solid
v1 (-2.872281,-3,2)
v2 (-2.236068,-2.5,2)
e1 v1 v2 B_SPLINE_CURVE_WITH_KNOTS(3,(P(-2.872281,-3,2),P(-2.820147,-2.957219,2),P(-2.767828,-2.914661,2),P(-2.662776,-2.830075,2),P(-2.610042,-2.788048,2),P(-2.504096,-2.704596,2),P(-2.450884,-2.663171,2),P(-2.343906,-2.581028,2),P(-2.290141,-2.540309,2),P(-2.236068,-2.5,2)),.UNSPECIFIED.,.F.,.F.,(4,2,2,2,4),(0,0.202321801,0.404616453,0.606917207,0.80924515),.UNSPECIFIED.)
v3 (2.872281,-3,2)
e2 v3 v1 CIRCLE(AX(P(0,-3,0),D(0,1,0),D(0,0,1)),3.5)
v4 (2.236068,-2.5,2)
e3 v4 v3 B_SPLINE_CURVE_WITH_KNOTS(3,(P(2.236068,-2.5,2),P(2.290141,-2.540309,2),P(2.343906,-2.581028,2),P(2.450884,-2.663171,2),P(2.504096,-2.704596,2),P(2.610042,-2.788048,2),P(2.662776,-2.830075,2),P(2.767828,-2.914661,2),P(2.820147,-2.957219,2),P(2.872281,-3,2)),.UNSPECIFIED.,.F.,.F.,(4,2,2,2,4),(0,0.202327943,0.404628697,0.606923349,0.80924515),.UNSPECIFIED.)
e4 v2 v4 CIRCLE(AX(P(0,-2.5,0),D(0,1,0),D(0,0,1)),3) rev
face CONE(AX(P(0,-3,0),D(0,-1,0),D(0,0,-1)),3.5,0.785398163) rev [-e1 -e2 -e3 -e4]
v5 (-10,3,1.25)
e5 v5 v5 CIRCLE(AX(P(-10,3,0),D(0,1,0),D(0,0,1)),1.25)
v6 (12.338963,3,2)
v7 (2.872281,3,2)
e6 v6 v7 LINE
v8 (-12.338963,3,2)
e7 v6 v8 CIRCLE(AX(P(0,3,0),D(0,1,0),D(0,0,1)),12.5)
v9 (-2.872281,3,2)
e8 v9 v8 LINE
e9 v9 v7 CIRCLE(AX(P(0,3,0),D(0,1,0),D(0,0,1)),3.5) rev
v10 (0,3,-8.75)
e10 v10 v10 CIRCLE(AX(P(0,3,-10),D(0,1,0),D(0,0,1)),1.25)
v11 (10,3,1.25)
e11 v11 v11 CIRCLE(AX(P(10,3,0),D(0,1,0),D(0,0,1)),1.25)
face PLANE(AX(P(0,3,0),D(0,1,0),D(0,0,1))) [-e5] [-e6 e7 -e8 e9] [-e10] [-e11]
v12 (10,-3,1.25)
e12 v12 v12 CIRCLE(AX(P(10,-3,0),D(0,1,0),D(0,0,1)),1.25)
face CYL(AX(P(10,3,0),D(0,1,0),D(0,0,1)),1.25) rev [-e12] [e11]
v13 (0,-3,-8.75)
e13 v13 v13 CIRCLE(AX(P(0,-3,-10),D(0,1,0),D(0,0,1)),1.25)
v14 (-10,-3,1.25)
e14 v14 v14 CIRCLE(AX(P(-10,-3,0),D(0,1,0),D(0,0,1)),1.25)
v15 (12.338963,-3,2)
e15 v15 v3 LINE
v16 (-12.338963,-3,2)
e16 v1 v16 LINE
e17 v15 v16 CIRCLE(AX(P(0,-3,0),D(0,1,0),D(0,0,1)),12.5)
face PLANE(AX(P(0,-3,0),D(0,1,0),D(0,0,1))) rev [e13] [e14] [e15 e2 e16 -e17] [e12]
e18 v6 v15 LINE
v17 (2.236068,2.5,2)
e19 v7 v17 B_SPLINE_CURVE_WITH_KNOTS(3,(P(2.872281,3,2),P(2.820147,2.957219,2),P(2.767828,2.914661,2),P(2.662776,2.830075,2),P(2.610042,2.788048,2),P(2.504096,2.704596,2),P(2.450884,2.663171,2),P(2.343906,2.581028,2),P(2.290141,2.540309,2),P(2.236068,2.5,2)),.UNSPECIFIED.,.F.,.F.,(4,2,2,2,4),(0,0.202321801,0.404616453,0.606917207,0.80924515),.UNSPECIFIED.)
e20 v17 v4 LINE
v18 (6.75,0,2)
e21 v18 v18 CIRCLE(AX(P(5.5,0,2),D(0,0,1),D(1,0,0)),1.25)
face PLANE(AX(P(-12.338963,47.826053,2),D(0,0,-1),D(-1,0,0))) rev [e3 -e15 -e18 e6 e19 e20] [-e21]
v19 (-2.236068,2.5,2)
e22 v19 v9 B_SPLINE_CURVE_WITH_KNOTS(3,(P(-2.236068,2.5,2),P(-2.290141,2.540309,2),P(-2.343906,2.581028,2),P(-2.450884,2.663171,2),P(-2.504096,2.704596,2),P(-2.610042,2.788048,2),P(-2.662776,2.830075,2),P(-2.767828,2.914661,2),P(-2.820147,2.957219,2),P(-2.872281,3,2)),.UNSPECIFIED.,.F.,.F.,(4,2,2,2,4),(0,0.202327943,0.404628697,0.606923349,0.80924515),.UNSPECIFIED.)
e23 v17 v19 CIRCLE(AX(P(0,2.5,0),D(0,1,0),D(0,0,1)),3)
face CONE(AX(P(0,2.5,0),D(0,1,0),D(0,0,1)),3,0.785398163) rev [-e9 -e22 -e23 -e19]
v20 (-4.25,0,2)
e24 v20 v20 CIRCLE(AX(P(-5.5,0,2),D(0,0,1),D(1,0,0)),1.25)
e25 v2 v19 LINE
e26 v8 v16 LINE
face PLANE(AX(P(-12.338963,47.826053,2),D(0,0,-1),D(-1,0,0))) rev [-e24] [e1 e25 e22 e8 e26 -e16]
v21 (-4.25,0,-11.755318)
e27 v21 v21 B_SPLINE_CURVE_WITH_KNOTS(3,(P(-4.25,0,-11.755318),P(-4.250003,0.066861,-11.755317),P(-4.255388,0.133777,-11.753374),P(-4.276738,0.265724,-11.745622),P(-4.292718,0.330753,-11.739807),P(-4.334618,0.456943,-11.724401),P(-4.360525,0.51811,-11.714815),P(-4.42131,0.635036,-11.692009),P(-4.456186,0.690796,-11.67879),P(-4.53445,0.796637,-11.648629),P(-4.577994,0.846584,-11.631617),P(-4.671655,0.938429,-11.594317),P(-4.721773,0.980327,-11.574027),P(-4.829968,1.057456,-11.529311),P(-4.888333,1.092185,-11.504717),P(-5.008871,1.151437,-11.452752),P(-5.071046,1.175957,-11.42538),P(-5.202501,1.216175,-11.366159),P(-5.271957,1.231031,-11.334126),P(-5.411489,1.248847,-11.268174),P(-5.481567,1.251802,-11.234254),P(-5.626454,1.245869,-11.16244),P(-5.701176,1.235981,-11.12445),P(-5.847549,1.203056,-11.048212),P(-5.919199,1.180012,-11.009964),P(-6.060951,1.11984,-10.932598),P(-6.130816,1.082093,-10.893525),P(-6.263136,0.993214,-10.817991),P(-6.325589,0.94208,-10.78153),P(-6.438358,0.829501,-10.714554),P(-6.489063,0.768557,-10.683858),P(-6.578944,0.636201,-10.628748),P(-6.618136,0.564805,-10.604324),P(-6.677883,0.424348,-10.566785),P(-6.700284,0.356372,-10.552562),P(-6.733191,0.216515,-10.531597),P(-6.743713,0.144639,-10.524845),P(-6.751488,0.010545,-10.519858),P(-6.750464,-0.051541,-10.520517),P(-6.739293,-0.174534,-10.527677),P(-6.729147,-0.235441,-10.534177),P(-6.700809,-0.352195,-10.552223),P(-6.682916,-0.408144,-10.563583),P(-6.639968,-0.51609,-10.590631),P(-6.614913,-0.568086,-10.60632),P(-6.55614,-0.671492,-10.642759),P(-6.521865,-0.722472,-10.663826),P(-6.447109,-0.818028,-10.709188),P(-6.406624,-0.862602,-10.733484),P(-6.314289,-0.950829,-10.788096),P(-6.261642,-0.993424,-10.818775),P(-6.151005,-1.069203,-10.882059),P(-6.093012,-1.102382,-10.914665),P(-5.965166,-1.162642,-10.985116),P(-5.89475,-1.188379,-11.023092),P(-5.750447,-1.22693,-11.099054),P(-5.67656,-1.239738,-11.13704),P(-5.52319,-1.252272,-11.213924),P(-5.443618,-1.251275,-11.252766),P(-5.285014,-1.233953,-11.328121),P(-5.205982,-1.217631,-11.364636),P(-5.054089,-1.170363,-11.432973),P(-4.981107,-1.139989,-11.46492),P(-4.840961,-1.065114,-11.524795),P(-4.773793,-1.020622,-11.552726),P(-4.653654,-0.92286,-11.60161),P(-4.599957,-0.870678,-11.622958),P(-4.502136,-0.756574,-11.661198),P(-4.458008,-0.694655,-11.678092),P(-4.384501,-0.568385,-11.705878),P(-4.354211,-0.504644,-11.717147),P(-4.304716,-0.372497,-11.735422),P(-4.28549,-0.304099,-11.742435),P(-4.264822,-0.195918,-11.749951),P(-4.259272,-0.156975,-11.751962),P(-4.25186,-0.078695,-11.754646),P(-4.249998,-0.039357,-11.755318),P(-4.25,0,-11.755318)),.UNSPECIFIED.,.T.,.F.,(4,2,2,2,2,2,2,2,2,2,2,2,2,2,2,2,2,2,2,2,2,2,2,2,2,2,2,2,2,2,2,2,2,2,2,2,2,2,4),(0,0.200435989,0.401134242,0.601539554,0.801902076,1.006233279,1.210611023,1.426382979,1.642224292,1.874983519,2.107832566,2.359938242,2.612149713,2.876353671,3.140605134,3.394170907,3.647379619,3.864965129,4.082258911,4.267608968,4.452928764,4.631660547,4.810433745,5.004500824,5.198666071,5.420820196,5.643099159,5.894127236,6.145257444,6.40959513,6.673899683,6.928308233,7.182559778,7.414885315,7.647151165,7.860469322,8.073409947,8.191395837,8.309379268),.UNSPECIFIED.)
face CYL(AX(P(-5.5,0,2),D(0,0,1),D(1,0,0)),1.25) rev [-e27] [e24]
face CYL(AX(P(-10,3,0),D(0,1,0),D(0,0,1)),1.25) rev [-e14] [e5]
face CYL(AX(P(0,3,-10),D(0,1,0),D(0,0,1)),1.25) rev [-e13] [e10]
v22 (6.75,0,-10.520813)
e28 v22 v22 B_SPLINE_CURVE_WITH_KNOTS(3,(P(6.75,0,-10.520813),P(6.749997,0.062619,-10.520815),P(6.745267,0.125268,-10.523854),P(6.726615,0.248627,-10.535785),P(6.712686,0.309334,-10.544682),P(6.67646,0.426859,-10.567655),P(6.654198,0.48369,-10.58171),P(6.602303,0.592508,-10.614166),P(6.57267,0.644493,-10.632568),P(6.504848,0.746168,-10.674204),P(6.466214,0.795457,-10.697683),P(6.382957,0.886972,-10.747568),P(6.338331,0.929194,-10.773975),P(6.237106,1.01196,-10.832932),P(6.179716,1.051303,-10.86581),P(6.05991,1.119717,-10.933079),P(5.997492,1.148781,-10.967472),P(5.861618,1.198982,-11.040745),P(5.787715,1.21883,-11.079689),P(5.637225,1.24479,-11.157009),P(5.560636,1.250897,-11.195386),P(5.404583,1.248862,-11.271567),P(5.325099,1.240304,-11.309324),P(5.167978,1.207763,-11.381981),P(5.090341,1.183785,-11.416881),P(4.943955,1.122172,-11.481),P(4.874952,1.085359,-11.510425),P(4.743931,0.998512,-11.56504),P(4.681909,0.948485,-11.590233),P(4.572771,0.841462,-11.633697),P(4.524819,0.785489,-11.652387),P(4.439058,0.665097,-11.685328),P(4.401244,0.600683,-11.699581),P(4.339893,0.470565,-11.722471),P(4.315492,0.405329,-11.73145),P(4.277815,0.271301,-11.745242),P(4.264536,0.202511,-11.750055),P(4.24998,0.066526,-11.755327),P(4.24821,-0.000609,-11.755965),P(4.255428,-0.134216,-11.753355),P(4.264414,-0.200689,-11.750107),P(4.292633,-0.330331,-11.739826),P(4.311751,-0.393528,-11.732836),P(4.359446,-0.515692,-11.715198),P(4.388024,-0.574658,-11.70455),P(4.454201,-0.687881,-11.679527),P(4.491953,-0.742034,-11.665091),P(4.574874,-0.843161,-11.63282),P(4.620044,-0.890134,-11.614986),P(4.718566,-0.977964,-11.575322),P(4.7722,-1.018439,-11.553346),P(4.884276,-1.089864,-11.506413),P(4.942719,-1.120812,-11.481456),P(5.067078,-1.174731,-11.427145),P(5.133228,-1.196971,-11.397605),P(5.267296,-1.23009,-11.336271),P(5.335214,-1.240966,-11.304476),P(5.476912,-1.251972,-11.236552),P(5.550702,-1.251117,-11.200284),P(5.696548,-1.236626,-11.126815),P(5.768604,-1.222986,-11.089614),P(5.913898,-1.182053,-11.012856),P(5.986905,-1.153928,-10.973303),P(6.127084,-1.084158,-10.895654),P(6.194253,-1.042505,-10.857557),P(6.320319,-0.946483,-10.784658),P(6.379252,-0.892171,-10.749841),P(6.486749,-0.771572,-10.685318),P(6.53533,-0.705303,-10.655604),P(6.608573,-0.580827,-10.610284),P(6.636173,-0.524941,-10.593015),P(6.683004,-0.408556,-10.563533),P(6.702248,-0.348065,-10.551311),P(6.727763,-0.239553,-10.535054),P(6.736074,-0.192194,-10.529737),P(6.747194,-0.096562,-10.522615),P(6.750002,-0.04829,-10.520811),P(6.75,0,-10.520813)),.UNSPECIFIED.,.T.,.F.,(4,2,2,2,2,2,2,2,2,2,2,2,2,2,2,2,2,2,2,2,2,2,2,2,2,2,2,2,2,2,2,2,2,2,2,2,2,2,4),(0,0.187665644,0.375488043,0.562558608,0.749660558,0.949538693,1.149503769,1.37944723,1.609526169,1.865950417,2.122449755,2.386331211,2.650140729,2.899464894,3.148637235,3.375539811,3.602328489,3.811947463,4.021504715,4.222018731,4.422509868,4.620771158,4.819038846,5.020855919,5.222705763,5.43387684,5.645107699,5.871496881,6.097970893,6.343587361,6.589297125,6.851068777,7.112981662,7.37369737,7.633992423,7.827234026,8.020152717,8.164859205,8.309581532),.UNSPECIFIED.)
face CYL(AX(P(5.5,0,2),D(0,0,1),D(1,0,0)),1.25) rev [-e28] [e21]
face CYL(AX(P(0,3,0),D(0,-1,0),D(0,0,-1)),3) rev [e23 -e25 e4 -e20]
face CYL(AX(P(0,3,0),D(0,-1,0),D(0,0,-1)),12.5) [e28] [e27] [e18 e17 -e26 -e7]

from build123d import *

# Parameters (mm, degrees)
SKETCH_1_R               = 12.5
SKETCH_1_R_2             = 3
EXTRUDE_1_DEPTH          = 3
HOLE_WIZARD_M3_2_D       = 2.5
CUT_EXTRUDE_1_DEPTH      = 19.668154703
CUT_EXTRUDE_1_DEPTH_BACK = 19.668154703
HOLE_WIZARD_M3_1_D       = 2.5
CHAMFER_1_SIZE           = 0.5


with BuildPart() as part:
    # 草图1 → 凸台-拉伸1 (new, symmetric)
    with BuildSketch(Plane(origin=(0, 0, 0), x_dir=(1, 0, 0), z_dir=(0, 1, 0))):
        with Locations(Location((0, 0, 0), (0, 0, 270))):
            Circle(SKETCH_1_R)
        with Locations(Location((0, 0, 0), (0, 0, 270))):
            Circle(SKETCH_1_R_2, mode=Mode.SUBTRACT)
    extrude(amount=EXTRUDE_1_DEPTH, both=True)

    # M3 螺纹孔2 (through all)
    with Locations(Plane(origin=(0, 3, -10), x_dir=(0, 0, 1), z_dir=(0, 1, 0))):
        with Locations((0, 0), (10, 10), (20, 0), (10, -10)):
            Hole(HOLE_WIZARD_M3_2_D / 2)

    # 草图4 → 切除-拉伸1 (cut, two sides: drawn at the far end of the back side and taken through both)
    with BuildSketch(Plane(origin=(0, 3, 0), x_dir=(1, 0, 0), z_dir=(0, 1, 0)).offset(-CUT_EXTRUDE_1_DEPTH_BACK)):
        Polygon((-79.861969102, -2), (-12.338962679, -2), (12.338962679, -2), (79.861969102, -2), (79.861969102, -137.046012846), (-79.861969102, -137.046012846), align=None)
    extrude(amount=CUT_EXTRUDE_1_DEPTH + CUT_EXTRUDE_1_DEPTH_BACK, mode=Mode.SUBTRACT)

    # M3 螺纹孔1 (through all)
    with Locations(Plane(origin=(-5.5, 0, 2), x_dir=(1, 0, 0), z_dir=(0, 0, 1))):
        with Locations((0, 0), (11, 0)):
            Hole(HOLE_WIZARD_M3_1_D / 2)

    # 倒角1
    chamfer_1_edges = [part.edges().sort_by_distance(p)[0] for p in [
        (0, -3, -3),
        (0, 3, -3),
    ]]
    chamfer(chamfer_1_edges, length=CHAMFER_1_SIZE)


solid = part.part
